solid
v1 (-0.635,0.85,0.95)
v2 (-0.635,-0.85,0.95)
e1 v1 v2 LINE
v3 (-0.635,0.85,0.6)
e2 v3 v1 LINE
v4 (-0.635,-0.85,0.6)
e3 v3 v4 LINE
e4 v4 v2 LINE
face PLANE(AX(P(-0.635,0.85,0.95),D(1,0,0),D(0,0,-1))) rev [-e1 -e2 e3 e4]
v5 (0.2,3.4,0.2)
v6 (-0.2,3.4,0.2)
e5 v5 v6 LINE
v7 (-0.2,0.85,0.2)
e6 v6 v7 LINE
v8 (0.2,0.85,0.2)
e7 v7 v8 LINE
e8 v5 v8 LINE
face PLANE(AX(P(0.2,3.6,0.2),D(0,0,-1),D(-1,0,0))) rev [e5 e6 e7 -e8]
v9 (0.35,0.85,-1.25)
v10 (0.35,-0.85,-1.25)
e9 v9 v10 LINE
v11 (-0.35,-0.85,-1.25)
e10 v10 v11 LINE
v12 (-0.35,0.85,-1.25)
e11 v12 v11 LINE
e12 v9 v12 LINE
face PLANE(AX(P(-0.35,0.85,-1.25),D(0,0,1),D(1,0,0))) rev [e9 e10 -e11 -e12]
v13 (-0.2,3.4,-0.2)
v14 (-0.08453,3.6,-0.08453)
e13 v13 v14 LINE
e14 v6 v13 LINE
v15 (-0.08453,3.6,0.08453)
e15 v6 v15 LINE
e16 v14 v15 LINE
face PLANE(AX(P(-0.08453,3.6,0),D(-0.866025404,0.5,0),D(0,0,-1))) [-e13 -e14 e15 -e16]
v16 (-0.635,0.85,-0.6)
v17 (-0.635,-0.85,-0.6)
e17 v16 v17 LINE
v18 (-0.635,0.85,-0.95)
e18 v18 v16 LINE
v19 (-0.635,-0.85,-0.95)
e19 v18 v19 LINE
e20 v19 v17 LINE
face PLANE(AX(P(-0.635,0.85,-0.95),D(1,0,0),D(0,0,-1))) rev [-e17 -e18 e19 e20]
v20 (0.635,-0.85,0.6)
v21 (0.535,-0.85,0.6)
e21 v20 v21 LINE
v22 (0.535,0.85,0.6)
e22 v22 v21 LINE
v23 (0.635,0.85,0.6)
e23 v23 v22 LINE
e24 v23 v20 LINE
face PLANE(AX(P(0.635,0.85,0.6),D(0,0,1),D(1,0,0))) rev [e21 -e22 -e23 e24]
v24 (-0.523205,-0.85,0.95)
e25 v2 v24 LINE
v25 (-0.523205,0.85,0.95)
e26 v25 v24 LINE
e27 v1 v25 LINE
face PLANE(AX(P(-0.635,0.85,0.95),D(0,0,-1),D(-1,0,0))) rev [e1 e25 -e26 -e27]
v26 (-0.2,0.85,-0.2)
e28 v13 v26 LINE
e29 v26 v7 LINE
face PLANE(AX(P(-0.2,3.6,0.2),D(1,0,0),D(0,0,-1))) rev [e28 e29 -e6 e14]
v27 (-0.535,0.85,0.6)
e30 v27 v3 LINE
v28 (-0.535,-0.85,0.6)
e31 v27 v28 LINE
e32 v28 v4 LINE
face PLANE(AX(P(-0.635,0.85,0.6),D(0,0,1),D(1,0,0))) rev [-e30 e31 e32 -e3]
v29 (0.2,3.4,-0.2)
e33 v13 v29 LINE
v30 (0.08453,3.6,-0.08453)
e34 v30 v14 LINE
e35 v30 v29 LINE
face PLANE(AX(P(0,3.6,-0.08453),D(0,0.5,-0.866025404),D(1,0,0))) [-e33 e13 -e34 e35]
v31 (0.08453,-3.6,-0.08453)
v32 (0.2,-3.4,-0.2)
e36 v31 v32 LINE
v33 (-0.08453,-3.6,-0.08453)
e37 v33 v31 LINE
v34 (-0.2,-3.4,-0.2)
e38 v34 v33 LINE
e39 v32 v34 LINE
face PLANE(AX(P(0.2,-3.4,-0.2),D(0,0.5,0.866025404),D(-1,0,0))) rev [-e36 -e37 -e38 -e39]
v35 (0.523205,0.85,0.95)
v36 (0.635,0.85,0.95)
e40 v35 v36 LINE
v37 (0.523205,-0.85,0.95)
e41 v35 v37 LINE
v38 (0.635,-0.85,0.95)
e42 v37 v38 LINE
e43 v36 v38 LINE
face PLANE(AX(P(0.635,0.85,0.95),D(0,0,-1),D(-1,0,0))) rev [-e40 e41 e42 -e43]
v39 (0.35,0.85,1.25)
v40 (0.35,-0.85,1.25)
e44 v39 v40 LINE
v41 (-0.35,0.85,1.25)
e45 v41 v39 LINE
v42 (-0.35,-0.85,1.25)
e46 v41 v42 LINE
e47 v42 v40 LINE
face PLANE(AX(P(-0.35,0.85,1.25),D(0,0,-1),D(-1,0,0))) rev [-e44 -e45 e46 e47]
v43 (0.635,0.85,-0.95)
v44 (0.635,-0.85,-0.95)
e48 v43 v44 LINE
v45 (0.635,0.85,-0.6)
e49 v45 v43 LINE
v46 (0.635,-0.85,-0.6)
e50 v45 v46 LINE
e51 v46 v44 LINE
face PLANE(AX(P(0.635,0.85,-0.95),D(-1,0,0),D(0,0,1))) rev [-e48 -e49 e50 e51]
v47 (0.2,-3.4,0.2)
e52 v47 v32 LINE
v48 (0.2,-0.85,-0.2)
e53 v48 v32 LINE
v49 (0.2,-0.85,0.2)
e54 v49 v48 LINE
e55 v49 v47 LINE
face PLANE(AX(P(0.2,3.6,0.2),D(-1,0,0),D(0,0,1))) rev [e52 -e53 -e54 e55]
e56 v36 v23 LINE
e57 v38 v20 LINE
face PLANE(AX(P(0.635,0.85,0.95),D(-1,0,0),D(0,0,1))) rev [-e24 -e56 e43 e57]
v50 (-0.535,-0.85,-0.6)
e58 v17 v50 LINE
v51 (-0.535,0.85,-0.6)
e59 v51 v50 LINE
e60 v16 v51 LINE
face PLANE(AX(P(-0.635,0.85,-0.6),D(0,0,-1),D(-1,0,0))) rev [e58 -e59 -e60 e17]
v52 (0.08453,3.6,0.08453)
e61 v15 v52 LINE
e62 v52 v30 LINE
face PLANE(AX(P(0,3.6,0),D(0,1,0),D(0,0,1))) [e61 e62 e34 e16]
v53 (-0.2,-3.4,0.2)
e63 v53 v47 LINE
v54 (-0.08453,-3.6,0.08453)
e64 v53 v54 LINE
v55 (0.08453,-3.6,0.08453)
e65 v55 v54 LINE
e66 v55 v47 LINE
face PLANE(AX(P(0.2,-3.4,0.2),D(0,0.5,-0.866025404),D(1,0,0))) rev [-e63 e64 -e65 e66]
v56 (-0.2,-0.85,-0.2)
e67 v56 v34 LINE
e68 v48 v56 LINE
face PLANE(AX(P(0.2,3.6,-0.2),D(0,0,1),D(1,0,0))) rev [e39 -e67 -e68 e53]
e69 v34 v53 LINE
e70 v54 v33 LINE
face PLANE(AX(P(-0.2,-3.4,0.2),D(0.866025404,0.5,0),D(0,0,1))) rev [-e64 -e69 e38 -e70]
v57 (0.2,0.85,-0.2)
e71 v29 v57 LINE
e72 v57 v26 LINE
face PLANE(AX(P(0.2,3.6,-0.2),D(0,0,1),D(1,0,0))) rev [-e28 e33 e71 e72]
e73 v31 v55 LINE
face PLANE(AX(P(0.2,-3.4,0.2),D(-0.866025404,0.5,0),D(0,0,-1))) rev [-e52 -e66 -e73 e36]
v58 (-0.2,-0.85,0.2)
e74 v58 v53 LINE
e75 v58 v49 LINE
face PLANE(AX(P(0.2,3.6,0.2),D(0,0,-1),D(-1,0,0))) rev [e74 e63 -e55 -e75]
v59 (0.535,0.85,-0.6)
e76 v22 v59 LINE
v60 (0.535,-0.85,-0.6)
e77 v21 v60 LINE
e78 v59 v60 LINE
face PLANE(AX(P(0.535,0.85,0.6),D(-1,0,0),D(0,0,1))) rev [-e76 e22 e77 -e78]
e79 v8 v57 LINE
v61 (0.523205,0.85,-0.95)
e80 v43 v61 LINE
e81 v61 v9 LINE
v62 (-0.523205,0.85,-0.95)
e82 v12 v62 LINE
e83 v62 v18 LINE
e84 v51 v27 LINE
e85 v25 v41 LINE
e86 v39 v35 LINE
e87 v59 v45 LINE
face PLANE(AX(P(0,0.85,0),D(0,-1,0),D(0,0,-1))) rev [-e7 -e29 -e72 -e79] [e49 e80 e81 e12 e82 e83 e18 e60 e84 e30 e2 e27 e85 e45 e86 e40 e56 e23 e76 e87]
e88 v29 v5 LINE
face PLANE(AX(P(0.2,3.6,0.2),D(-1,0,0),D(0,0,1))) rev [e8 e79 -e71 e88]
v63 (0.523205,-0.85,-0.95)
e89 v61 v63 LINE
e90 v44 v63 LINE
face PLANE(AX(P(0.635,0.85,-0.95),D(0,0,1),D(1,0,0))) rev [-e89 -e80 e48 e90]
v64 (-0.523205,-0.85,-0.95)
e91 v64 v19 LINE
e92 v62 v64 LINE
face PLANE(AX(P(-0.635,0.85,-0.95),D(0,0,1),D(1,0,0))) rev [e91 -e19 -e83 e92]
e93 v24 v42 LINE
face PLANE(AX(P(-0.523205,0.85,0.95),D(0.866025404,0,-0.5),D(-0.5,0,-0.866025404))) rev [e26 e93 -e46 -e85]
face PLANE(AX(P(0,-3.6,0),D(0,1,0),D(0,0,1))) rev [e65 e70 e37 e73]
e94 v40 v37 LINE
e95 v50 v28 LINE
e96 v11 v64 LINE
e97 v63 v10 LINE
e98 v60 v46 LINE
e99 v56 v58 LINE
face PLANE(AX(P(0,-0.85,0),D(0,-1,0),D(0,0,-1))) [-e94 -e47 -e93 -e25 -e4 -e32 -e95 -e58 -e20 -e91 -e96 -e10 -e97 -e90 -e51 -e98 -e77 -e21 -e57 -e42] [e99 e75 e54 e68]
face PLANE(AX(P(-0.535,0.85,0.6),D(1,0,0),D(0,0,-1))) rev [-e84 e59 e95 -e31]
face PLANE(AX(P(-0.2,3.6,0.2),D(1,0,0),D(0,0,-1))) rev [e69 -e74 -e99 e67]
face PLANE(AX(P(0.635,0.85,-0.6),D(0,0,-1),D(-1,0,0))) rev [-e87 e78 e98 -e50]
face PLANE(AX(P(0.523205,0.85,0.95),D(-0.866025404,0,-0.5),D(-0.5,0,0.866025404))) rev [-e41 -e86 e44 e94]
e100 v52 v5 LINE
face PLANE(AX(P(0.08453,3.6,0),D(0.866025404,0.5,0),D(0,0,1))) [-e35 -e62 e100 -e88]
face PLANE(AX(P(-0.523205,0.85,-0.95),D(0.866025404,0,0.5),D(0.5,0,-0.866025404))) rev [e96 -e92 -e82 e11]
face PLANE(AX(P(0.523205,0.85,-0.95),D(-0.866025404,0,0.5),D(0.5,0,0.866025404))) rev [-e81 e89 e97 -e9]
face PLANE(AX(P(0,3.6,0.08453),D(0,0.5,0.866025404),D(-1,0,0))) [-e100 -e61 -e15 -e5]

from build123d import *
from OCP.BRepFilletAPI import BRepFilletAPI_MakeChamfer

# Parameters (mm, degrees)
EXTRUDE_1_DEPTH = 0.85
SKETCH_4_W      = 0.4
SKETCH_4_H      = 0.4
EXTRUDE_2_DEPTH = 3.6
CHAMFER_1_SIZE  = 0.2
CHAMFER_1_SIZE2 = 0.115470054
CHAMFER_2_SIZE  = 0.2
CHAMFER_2_SIZE2 = 0.115470054


with BuildPart() as part:
    # 草图1 → 凸台-拉伸1 (new, symmetric)
    with BuildSketch(Plane(origin=(0, 0, 0), x_dir=(1, 0, 0), z_dir=(0, 1, 0))):
        Polygon((-0.635, -0.95), (-0.523205081, -0.95), (-0.35, -1.25), (0.35, -1.25), (0.523205081, -0.95), (0.635, -0.95), (0.635, -0.6), (0.535, -0.6), (0.535, 0.6), (0.635, 0.6), (0.635, 0.95), (0.523205081, 0.95), (0.35, 1.25), (-0.35, 1.25), (-0.523205081, 0.95), (-0.635, 0.95), (-0.635, 0.6), (-0.535, 0.6), (-0.535, -0.6), (-0.635, -0.6), align=None)
    extrude(amount=EXTRUDE_1_DEPTH, both=True)

    # 草图4 → 凸台-拉伸2 (add, symmetric)
    with BuildSketch(Plane(origin=(0, 0, 0), x_dir=(1, 0, 0), z_dir=(0, 1, 0))):
        Rectangle(SKETCH_4_W, SKETCH_4_H)
    extrude(amount=EXTRUDE_2_DEPTH, both=True)

    # 倒角1: one chamfer whose edges measure the first distance from different faces: ONE call of the kernel's chamfer builder (chamfer() names one face for all edges)
    chamfer_1_edges_1 = [part.edges().sort_by_distance(p)[0] for p in [
        (-0.2, 3.6, 0),
    ]]
    chamfer_1_side_1 = [part.faces().sort_by_distance(p)[0] for p in [
        (-0.2, 2.225, 0),
    ]]
    chamfer_1_edges_2 = [part.edges().sort_by_distance(p)[0] for p in [
        (0, 3.6, 0.2),
    ]]
    chamfer_1_side_2 = [part.faces().sort_by_distance(p)[0] for p in [
        (0, 2.225, 0.2),
    ]]
    chamfer_1_edges_3 = [part.edges().sort_by_distance(p)[0] for p in [
        (0.2, 3.6, 0),
    ]]
    chamfer_1_side_3 = [part.faces().sort_by_distance(p)[0] for p in [
        (0.2, 2.225, 0),
    ]]
    chamfer_1_edges_4 = [part.edges().sort_by_distance(p)[0] for p in [
        (0, 3.6, -0.2),
    ]]
    chamfer_1_side_4 = [part.faces().sort_by_distance(p)[0] for p in [
        (0, 2.225, -0.2),
    ]]
    chamfer_1 = BRepFilletAPI_MakeChamfer(part.part.solid().wrapped)
    for e in chamfer_1_edges_1:
        chamfer_1.Add(CHAMFER_1_SIZE, CHAMFER_1_SIZE2, e.wrapped, chamfer_1_side_1[0].wrapped)  # the first distance lies on this face
    for e in chamfer_1_edges_2:
        chamfer_1.Add(CHAMFER_1_SIZE, CHAMFER_1_SIZE2, e.wrapped, chamfer_1_side_2[0].wrapped)  # the first distance lies on this face
    for e in chamfer_1_edges_3:
        chamfer_1.Add(CHAMFER_1_SIZE, CHAMFER_1_SIZE2, e.wrapped, chamfer_1_side_3[0].wrapped)  # the first distance lies on this face
    for e in chamfer_1_edges_4:
        chamfer_1.Add(CHAMFER_1_SIZE, CHAMFER_1_SIZE2, e.wrapped, chamfer_1_side_4[0].wrapped)  # the first distance lies on this face
    add(Compound.cast(chamfer_1.Shape()), mode=Mode.REPLACE)

    # 倒角2: one chamfer whose edges measure the first distance from different faces: ONE call of the kernel's chamfer builder (chamfer() names one face for all edges)
    chamfer_2_edges_1 = [part.edges().sort_by_distance(p)[0] for p in [
        (-0.2, -3.6, 0),
    ]]
    chamfer_2_side_1 = [part.faces().sort_by_distance(p)[0] for p in [
        (-0.2, -2.225, 0),
    ]]
    chamfer_2_edges_2 = [part.edges().sort_by_distance(p)[0] for p in [
        (0, -3.6, 0.2),
    ]]
    chamfer_2_side_2 = [part.faces().sort_by_distance(p)[0] for p in [
        (0, -2.225, 0.2),
    ]]
    chamfer_2_edges_3 = [part.edges().sort_by_distance(p)[0] for p in [
        (0.2, -3.6, 0),
    ]]
    chamfer_2_side_3 = [part.faces().sort_by_distance(p)[0] for p in [
        (0.2, -2.225, 0),
    ]]
    chamfer_2_edges_4 = [part.edges().sort_by_distance(p)[0] for p in [
        (0, -3.6, -0.2),
    ]]
    chamfer_2_side_4 = [part.faces().sort_by_distance(p)[0] for p in [
        (0, -2.225, -0.2),
    ]]
    chamfer_2 = BRepFilletAPI_MakeChamfer(part.part.solid().wrapped)
    for e in chamfer_2_edges_1:
        chamfer_2.Add(CHAMFER_2_SIZE, CHAMFER_2_SIZE2, e.wrapped, chamfer_2_side_1[0].wrapped)  # the first distance lies on this face
    for e in chamfer_2_edges_2:
        chamfer_2.Add(CHAMFER_2_SIZE, CHAMFER_2_SIZE2, e.wrapped, chamfer_2_side_2[0].wrapped)  # the first distance lies on this face
    for e in chamfer_2_edges_3:
        chamfer_2.Add(CHAMFER_2_SIZE, CHAMFER_2_SIZE2, e.wrapped, chamfer_2_side_3[0].wrapped)  # the first distance lies on this face
    for e in chamfer_2_edges_4:
        chamfer_2.Add(CHAMFER_2_SIZE, CHAMFER_2_SIZE2, e.wrapped, chamfer_2_side_4[0].wrapped)  # the first distance lies on this face
    add(Compound.cast(chamfer_2.Shape()), mode=Mode.REPLACE)


solid = part.part
